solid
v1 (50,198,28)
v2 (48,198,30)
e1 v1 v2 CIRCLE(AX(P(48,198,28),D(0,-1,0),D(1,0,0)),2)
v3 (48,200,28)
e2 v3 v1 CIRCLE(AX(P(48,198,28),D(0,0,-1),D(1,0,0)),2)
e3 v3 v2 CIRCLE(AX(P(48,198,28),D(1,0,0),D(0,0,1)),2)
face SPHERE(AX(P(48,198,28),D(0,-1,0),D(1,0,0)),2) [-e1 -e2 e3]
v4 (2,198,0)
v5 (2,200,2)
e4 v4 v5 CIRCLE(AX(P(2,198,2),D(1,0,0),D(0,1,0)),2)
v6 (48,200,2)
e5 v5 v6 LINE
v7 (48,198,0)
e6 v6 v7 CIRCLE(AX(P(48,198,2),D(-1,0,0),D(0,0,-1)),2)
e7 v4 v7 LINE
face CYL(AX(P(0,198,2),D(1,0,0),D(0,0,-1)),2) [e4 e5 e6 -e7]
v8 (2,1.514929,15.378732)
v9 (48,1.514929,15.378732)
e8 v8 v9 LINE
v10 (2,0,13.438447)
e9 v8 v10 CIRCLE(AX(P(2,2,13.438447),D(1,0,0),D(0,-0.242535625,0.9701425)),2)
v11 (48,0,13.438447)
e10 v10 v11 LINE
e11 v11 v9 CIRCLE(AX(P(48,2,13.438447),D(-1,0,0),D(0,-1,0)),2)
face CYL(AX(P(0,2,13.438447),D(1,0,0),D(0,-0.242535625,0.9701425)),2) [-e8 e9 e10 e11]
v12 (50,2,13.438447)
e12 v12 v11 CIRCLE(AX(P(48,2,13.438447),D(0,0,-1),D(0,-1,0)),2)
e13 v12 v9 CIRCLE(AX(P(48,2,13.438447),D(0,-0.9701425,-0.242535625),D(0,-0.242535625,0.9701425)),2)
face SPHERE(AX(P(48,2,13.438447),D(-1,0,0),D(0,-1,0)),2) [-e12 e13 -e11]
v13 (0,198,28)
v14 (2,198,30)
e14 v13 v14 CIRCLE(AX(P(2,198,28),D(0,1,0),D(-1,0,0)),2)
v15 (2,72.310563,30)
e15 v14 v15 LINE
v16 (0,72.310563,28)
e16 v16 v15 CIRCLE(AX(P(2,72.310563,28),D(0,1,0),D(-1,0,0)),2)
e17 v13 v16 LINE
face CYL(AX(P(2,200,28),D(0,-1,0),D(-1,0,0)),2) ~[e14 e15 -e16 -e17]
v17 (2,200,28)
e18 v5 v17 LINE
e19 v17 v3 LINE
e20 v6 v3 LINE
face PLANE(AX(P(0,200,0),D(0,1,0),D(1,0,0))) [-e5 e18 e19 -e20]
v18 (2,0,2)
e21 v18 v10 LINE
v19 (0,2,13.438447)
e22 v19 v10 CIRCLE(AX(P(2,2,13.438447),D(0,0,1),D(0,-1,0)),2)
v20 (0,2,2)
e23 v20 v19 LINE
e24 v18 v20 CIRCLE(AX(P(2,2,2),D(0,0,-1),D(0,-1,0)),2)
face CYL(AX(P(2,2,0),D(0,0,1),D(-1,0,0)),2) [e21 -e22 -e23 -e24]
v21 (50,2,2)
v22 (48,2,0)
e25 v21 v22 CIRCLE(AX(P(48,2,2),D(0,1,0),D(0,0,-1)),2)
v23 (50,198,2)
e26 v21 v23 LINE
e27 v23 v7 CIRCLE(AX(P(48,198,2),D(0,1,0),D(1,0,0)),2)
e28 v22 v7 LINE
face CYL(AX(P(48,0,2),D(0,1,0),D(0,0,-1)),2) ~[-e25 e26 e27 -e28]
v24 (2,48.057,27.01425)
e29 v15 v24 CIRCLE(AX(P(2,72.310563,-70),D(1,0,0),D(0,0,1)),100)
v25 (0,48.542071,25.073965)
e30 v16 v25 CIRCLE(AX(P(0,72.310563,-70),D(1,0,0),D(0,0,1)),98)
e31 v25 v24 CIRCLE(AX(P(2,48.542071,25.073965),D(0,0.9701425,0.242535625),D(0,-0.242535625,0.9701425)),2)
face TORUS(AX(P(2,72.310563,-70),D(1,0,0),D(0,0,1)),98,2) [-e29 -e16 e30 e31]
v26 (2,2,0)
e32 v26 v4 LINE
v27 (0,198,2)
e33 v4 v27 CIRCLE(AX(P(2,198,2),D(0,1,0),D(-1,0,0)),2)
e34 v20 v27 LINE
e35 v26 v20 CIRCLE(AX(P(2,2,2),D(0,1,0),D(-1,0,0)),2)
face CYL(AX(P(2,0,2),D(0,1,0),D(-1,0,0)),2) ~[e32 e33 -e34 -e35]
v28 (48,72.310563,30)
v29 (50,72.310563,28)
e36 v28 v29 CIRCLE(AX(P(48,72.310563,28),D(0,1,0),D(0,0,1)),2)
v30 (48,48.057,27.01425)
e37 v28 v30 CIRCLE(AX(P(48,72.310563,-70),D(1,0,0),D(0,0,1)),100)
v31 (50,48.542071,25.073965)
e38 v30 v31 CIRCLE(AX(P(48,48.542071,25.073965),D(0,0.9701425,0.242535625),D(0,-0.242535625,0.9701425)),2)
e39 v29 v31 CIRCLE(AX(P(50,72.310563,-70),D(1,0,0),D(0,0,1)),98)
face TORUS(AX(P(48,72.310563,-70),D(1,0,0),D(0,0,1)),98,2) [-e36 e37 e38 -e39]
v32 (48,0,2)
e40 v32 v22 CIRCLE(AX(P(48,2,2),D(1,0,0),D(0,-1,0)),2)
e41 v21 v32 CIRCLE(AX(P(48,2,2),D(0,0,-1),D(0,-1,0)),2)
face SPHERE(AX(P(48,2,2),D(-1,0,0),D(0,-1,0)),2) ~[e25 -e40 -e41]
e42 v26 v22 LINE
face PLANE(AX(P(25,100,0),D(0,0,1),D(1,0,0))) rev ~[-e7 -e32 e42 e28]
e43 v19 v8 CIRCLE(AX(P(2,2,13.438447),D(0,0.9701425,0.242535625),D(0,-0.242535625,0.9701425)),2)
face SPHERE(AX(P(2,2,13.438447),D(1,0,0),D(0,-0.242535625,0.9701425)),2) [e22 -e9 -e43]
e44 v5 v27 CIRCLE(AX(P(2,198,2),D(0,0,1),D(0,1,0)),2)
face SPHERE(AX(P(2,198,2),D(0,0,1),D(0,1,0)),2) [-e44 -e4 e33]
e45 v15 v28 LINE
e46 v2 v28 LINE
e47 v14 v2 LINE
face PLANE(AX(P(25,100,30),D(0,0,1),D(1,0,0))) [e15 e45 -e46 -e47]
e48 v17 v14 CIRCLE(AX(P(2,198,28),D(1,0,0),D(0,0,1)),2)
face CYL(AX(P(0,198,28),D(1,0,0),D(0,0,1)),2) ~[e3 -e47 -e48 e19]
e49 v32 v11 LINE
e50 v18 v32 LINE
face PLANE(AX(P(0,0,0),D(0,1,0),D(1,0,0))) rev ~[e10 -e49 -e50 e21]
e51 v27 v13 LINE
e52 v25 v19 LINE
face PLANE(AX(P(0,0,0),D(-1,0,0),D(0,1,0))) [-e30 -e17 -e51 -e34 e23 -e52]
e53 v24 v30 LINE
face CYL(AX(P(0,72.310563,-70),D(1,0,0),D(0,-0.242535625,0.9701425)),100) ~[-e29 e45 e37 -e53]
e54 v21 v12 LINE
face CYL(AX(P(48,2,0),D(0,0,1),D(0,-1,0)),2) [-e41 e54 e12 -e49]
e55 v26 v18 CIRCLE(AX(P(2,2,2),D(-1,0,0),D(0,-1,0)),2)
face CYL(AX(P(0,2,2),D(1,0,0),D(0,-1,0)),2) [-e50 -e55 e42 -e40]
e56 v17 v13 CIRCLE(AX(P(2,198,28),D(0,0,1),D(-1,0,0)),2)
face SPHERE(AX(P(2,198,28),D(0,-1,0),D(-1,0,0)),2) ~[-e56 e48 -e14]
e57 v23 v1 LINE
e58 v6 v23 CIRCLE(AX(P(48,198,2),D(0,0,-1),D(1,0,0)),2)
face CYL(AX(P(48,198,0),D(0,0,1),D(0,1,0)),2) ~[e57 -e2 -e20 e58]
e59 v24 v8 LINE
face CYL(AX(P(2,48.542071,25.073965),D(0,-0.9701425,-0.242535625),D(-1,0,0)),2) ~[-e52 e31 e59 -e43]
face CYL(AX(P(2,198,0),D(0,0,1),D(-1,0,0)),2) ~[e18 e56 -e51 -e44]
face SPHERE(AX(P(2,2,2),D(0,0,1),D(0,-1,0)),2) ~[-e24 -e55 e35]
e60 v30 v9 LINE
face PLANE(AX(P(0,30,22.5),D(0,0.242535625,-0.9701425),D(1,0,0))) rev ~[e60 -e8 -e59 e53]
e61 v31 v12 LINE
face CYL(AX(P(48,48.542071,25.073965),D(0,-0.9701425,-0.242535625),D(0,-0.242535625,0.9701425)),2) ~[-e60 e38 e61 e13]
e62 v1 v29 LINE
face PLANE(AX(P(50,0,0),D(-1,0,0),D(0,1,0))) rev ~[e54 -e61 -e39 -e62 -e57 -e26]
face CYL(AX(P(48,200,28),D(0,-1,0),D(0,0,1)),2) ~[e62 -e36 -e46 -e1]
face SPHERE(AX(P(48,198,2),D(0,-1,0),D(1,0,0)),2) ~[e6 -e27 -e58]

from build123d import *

# Parameters (mm, degrees)
F0_W     = 50
F0_H     = 200
F1_DEPTH = 30
F2_SIZE2 = 15
F2_SIZE  = 60
F3_R     = 100
F4_R     = 2


with BuildPart() as f1:
    # F0 (on Top) → F1 (new body)
    with BuildSketch(Plane.XY):
        with Locations((25, 100)):
            Rectangle(F0_W, F0_H)
    extrude(amount=F1_DEPTH)

    # F2
    f2_edges = [f1.edges().sort_by_distance(p)[0] for p in [
        (25, 0, 30),
    ]]
    f2_side = f1.faces().sort_by_distance((25, 100, 30))[0]
    chamfer(f2_edges, length=F2_SIZE, length2=F2_SIZE2, reference=f2_side)

    # F3
    f3_edges = [f1.edges().sort_by_distance(p)[0] for p in [
        (25, 60, 30),
    ]]
    fillet(f3_edges, radius=F3_R)

    # F4
    f4_edges = [f1.edges().sort_by_distance(p)[0] for p in [
        (0, 0, 7.5),
        (25, 0, 15),
        (25, 0, 0),
        (50, 0, 7.5),
        (50, 24.0285, 21.007125),
        (50, 60.092236, 29.250756),
        (50, 136.155281, 30),
        (50, 100, 0),
        (50, 200, 15),
        (0, 24.0285, 21.007125),
        (25, 48.057, 27.01425),
        (0, 136.155281, 30),
        (0, 60.092236, 29.250756),
        (0, 200, 15),
        (25, 200, 0),
        (25, 200, 30),
        (0, 100, 0),
        (25, 72.310563, 30),
    ]]
    fillet(f4_edges, radius=F4_R)


solid = f1.part
